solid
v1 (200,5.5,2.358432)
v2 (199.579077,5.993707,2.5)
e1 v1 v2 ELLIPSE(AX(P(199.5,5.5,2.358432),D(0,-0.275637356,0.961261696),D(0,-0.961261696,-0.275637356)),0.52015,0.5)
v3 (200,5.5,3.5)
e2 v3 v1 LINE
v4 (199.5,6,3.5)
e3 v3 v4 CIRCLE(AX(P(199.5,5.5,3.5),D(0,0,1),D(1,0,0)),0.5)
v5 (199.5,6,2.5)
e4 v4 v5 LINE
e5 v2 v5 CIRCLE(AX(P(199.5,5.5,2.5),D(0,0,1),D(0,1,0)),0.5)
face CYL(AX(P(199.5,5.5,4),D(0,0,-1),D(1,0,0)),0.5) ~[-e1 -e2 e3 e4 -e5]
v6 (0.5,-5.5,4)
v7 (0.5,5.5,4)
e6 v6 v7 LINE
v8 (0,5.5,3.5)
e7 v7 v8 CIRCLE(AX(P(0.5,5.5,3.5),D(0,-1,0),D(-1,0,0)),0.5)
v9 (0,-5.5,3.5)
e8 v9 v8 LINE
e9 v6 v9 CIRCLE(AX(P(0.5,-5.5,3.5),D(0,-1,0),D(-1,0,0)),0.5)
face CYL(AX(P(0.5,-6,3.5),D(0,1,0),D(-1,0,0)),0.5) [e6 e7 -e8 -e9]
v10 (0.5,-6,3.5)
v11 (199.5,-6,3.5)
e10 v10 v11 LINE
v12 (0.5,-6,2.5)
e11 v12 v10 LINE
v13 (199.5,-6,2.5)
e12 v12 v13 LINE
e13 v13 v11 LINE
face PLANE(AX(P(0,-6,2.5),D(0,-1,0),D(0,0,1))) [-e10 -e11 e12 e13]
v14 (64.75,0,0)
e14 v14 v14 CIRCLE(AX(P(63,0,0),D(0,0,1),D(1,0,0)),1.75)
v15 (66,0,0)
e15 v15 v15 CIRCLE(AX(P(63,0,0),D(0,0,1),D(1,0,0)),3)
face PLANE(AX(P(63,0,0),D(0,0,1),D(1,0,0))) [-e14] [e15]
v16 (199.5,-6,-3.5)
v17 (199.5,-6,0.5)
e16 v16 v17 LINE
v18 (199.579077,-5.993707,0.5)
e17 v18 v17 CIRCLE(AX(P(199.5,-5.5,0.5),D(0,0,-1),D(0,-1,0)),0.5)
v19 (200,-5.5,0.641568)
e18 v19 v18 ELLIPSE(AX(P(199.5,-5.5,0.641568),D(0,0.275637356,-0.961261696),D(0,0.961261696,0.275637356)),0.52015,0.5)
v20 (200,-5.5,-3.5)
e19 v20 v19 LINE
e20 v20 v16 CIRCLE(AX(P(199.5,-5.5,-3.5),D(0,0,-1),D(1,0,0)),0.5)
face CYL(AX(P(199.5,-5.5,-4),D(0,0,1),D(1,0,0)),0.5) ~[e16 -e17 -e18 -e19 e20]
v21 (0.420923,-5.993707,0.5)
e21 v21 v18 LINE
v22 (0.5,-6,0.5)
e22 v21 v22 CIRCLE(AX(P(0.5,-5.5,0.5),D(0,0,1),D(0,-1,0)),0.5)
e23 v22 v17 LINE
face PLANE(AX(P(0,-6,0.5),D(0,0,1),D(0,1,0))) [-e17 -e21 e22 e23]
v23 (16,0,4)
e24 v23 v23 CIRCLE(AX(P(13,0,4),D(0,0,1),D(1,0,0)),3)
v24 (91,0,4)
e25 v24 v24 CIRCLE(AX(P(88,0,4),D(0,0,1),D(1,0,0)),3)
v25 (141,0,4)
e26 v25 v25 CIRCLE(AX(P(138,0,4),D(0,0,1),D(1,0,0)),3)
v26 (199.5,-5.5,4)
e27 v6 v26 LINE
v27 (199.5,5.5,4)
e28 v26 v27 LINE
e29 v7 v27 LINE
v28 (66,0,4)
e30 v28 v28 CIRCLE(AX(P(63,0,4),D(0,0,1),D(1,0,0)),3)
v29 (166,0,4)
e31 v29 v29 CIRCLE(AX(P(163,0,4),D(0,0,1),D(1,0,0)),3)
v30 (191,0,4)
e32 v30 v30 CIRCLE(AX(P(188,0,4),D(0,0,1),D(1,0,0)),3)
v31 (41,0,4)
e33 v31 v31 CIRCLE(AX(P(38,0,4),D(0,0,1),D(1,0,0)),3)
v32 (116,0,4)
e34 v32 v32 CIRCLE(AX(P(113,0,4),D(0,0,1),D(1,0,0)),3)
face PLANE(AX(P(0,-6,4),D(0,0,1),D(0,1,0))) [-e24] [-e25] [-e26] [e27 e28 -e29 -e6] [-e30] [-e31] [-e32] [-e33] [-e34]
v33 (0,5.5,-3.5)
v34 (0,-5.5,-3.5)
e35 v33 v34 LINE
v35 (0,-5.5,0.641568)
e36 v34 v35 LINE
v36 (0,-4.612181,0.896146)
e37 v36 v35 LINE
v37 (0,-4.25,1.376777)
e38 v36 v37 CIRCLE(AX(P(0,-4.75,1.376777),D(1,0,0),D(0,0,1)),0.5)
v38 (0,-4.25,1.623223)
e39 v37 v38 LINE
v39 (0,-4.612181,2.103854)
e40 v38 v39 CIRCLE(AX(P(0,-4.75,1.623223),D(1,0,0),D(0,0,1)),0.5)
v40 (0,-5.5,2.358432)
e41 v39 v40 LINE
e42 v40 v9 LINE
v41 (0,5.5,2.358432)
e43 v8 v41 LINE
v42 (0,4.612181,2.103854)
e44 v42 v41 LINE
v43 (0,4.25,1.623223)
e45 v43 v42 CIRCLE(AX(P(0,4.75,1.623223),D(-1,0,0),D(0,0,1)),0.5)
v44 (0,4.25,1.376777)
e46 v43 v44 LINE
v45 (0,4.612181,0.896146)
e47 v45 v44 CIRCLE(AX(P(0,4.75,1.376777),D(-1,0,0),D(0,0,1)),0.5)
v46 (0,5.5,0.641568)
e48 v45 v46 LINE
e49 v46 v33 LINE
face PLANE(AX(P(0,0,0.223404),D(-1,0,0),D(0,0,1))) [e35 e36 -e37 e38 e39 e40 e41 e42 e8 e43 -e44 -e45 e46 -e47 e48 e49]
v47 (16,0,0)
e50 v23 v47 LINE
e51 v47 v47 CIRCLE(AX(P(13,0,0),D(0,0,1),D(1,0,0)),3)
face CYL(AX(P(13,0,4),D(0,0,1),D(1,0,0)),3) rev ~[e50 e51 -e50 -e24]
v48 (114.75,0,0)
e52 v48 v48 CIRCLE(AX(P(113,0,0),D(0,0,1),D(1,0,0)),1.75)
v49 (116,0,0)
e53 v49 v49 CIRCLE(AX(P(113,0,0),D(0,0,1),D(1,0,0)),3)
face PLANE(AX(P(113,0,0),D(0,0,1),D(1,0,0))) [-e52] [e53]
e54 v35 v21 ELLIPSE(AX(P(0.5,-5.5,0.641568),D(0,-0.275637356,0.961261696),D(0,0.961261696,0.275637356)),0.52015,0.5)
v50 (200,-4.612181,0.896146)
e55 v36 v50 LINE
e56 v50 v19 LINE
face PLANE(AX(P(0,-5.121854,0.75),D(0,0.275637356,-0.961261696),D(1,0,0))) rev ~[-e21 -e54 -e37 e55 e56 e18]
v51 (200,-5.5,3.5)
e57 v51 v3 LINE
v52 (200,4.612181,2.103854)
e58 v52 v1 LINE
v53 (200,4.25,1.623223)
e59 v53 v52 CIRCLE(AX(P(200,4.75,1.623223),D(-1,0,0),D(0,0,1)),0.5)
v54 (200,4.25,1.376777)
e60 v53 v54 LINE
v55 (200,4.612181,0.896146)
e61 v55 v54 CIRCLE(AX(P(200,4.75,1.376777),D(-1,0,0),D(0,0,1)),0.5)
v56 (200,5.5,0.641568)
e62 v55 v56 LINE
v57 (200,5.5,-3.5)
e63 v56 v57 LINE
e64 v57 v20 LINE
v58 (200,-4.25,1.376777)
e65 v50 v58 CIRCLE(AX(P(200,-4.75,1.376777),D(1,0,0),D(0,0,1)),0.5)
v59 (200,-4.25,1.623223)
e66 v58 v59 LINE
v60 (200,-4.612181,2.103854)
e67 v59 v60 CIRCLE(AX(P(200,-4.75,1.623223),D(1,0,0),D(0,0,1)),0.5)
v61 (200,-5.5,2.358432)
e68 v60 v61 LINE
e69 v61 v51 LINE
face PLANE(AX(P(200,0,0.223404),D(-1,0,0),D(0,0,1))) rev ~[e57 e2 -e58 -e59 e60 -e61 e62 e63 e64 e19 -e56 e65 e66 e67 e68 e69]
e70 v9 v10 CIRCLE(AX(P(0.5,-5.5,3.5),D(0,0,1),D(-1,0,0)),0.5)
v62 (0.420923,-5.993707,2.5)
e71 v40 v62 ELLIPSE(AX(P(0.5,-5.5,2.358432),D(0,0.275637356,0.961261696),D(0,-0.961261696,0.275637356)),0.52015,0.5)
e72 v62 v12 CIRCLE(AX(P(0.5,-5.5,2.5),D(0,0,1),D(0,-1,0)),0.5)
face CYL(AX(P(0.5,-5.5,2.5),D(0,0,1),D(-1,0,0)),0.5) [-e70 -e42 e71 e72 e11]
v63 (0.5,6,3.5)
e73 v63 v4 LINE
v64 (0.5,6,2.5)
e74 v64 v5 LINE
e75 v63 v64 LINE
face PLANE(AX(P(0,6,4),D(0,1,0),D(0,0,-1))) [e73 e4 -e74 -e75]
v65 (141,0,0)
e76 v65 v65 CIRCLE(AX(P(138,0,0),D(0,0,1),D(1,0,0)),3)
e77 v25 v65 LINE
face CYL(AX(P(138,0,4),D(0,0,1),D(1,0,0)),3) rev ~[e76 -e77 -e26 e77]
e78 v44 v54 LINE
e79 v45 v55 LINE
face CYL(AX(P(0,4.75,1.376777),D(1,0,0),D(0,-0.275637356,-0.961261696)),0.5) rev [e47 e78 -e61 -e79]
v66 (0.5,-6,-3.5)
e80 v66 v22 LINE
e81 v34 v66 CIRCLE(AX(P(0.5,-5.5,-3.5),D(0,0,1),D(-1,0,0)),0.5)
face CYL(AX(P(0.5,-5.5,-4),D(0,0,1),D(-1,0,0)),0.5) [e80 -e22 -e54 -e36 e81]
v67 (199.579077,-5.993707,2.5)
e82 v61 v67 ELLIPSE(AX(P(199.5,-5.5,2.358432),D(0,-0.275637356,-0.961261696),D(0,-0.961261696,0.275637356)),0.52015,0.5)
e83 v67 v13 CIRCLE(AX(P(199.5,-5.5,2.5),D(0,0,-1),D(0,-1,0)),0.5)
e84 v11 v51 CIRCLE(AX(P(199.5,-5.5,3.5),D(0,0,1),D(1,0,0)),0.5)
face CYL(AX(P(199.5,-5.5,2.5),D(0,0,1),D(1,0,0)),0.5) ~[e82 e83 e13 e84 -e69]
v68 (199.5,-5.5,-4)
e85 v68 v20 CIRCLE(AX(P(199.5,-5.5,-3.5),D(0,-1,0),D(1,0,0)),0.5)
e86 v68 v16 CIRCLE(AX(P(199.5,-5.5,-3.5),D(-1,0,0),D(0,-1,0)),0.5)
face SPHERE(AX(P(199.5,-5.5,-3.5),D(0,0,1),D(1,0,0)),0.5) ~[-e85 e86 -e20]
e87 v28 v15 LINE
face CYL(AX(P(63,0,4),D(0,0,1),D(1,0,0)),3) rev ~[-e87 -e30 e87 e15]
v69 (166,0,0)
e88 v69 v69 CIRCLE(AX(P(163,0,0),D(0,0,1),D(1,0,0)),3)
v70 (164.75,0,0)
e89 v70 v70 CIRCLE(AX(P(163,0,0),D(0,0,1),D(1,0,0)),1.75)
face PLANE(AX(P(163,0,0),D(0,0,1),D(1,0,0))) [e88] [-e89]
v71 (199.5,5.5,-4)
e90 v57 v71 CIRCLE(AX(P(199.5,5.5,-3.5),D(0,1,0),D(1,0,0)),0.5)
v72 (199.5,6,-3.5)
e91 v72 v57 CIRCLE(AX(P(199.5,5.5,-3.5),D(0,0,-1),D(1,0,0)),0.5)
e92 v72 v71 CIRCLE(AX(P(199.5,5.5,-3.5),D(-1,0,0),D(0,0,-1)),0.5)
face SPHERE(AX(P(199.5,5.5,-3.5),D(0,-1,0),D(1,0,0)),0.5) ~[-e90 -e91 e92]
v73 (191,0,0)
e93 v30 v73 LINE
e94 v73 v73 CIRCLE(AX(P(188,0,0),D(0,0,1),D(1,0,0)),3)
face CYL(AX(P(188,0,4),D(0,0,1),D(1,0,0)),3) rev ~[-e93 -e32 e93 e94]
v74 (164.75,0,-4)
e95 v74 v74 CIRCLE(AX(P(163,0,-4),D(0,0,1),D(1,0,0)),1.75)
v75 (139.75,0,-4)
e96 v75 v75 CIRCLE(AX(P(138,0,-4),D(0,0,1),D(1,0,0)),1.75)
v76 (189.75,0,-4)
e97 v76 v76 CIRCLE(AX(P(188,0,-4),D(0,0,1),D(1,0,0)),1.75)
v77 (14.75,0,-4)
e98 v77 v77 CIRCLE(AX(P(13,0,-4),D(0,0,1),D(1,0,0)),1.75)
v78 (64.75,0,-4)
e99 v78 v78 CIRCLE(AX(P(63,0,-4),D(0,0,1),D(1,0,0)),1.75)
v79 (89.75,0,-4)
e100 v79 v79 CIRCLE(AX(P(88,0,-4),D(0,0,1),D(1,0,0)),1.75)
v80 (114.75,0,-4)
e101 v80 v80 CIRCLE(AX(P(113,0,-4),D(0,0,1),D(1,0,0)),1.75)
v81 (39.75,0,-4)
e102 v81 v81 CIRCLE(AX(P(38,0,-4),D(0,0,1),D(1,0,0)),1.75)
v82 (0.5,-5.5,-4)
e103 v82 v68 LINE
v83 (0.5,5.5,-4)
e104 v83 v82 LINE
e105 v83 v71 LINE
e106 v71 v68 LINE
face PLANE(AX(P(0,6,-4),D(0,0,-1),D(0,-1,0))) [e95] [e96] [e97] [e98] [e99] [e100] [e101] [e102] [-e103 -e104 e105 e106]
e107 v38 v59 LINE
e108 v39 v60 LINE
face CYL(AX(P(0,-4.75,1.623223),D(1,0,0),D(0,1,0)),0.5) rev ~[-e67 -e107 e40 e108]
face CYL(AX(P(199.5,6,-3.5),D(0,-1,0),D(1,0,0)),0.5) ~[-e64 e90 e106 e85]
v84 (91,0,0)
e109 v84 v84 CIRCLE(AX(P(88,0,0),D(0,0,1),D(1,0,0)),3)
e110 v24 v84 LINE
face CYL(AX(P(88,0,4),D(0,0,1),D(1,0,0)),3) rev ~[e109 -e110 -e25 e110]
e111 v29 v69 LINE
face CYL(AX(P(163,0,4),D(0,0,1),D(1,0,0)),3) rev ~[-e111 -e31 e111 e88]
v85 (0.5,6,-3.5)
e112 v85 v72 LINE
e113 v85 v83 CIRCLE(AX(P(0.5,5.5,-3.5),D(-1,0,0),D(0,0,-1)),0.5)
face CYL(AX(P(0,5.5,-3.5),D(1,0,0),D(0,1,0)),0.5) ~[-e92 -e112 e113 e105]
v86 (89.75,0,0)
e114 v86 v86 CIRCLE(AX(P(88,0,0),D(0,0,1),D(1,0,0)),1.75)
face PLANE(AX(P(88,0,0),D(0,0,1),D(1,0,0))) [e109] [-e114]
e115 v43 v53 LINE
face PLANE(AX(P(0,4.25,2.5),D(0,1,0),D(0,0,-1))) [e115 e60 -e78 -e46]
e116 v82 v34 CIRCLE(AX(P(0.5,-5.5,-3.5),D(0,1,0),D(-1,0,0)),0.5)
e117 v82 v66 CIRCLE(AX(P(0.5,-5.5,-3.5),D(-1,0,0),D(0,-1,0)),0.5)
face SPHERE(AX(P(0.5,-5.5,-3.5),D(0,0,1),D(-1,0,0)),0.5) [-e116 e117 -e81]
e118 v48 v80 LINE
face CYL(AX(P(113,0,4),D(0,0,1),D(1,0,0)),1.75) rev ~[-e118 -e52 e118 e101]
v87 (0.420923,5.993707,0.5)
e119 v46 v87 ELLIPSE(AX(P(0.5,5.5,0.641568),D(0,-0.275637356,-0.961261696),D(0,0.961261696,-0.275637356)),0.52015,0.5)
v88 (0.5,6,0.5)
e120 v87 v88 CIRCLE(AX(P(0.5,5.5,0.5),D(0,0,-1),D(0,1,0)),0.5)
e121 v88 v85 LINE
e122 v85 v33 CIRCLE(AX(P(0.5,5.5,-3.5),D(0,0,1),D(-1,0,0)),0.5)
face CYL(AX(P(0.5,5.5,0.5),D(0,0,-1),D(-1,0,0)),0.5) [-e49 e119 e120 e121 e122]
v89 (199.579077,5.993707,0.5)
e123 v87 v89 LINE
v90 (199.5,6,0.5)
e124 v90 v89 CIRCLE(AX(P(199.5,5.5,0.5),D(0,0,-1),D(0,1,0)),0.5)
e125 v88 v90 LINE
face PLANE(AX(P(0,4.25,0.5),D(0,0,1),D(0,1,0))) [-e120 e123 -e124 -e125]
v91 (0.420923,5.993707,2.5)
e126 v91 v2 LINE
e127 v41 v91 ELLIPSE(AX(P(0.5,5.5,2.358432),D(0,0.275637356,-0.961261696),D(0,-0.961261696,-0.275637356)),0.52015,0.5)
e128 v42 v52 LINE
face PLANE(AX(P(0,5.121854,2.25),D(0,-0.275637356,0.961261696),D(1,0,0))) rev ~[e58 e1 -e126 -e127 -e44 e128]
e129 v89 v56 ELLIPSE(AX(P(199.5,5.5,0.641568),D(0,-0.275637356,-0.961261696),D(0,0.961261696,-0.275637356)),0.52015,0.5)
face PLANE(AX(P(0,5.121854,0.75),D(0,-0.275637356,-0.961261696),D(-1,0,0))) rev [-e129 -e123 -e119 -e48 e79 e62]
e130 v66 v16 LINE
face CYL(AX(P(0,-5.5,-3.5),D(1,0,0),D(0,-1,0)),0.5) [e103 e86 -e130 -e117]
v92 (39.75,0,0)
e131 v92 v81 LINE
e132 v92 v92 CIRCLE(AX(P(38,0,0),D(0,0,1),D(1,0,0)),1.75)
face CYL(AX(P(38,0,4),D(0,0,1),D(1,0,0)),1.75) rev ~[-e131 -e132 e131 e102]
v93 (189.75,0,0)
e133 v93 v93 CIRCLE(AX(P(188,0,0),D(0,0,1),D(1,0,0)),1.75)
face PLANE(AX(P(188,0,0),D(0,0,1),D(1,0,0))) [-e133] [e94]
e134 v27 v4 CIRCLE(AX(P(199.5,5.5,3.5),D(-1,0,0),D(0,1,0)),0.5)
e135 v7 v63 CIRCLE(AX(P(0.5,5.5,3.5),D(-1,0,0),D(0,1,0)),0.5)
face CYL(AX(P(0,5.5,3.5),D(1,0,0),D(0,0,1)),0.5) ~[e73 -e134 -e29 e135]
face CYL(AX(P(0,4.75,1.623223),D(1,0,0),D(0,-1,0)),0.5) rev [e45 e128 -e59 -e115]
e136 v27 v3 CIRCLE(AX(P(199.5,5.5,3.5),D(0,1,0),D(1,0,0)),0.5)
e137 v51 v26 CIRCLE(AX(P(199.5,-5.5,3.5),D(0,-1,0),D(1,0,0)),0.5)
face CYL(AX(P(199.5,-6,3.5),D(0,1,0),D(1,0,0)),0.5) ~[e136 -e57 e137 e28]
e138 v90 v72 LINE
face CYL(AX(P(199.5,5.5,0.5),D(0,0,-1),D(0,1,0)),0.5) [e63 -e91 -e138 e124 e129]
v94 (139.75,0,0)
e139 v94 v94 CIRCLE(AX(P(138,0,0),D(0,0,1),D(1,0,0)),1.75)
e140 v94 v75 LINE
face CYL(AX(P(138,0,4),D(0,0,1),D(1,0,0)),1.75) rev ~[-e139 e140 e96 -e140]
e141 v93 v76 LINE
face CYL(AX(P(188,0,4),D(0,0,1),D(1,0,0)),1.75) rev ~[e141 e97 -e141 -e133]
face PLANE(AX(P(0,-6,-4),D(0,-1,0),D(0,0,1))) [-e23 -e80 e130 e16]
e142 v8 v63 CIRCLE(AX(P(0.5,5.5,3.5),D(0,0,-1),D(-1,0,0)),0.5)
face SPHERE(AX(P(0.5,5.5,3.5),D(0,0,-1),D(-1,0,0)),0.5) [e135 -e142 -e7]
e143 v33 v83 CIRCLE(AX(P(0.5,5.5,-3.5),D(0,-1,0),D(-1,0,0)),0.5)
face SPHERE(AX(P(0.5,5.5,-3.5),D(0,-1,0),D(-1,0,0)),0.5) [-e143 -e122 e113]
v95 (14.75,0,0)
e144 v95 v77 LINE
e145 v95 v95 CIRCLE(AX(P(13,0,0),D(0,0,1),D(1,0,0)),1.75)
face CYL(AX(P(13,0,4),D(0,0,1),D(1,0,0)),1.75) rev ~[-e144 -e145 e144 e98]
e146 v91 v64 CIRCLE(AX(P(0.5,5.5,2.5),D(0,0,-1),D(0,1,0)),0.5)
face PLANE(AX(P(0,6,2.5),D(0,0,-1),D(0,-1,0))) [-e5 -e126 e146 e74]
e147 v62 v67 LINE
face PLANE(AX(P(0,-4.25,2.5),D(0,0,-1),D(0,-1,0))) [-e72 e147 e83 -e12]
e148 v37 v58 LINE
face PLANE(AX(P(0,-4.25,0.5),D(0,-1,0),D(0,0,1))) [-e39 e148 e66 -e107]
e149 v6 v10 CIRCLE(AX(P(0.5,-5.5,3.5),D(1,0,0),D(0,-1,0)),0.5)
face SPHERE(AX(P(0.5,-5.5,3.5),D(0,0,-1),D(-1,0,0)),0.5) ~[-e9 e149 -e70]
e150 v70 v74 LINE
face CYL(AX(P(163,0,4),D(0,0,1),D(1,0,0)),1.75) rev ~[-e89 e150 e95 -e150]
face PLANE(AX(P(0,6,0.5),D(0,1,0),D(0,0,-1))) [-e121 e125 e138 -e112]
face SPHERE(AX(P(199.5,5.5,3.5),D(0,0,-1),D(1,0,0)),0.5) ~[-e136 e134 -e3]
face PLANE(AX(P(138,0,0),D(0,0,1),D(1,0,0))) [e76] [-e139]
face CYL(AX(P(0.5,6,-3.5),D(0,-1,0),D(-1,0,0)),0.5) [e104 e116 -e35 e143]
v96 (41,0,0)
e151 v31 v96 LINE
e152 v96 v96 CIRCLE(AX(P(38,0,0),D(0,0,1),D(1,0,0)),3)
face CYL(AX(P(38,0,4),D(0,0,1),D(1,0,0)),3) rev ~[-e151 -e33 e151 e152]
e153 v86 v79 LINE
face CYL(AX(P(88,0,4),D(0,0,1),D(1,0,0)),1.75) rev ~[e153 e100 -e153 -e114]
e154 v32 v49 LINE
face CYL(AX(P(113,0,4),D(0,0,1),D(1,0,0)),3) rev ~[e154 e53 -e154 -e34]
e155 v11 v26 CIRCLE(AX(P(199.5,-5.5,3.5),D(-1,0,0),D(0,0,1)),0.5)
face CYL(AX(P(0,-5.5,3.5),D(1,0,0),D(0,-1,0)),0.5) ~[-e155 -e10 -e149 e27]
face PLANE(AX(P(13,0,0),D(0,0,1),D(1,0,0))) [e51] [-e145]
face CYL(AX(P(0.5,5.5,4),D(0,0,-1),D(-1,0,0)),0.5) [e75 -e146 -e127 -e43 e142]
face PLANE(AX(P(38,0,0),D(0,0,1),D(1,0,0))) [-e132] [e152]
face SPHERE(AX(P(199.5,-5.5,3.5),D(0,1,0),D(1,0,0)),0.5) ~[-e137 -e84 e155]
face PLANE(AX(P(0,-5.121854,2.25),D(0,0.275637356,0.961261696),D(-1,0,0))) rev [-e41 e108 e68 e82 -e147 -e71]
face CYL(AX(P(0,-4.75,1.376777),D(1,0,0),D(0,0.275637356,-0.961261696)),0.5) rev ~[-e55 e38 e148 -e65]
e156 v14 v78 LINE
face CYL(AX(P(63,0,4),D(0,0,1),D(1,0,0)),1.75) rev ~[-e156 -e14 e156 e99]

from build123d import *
from OCP.BRepFilletAPI import BRepFilletAPI_MakeChamfer

# Parameters (mm, degrees)
BOSS_EXTRUDE1_DEPTH = 200
SKETCH2_R           = 1.75
CUT_EXTRUDE1_DEPTH  = 10
SKETCH3_R           = 3
CUT_EXTRUDE2_DEPTH  = 4
CHAMFER1_SIZE       = 0.5
CHAMFER1_SIZE2      = 1.743707222
FILLET1_R           = 0.5


with BuildPart() as part:
    # Sketch1 → Boss-Extrude1 (new body)
    with BuildSketch(Plane(origin=(0, 0, 0), x_dir=(0, 0, -1), z_dir=(1, 0, 0))):
        Polygon((-0.5, 6), (4, 6), (4, -6), (-0.5, -6), (-0.5, -4.25), (-2.5, -4.25), (-2.5, -6), (-4, -6), (-4, 6), (-2.5, 6), (-2.5, 4.25), (-0.5, 4.25), align=None)
    extrude(amount=BOSS_EXTRUDE1_DEPTH)

    # Sketch2 → Cut-Extrude1 (cut)
    with BuildSketch(Plane.XY.offset(4)):
        with Locations((13, 0)):
            Circle(SKETCH2_R)
        with Locations((38, 0)):
            Circle(SKETCH2_R)
        with Locations((63, 0)):
            Circle(SKETCH2_R)
        with Locations((88, 0)):
            Circle(SKETCH2_R)
        with Locations((113, 0)):
            Circle(SKETCH2_R)
        with Locations((138, 0)):
            Circle(SKETCH2_R)
        with Locations((163, 0)):
            Circle(SKETCH2_R)
        with Locations((188, 0)):
            Circle(SKETCH2_R)
        with Locations((213, 0)):
            Circle(SKETCH2_R)
        with Locations((238, 0)):
            Circle(SKETCH2_R)
        with Locations((263, 0)):
            Circle(SKETCH2_R)
        with Locations((288, 0)):
            Circle(SKETCH2_R)
        with Locations((313, 0)):
            Circle(SKETCH2_R)
        with Locations((338, 0)):
            Circle(SKETCH2_R)
        with Locations((363, 0)):
            Circle(SKETCH2_R)
        with Locations((388, 0)):
            Circle(SKETCH2_R)
    extrude(amount=-CUT_EXTRUDE1_DEPTH, mode=Mode.SUBTRACT)

    # Sketch3 → Cut-Extrude2 (cut)
    with BuildSketch(Plane.XY.offset(4)):
        with Locations((13, 0)):
            Circle(SKETCH3_R)
        with Locations((38, 0)):
            Circle(SKETCH3_R)
        with Locations((63, 0)):
            Circle(SKETCH3_R)
        with Locations((88, 0)):
            Circle(SKETCH3_R)
        with Locations((113, 0)):
            Circle(SKETCH3_R)
        with Locations((138, 0)):
            Circle(SKETCH3_R)
        with Locations((163, 0)):
            Circle(SKETCH3_R)
        with Locations((188, 0)):
            Circle(SKETCH3_R)
        with Locations((213, 0)):
            Circle(SKETCH3_R)
        with Locations((238, 0)):
            Circle(SKETCH3_R)
        with Locations((263, 0)):
            Circle(SKETCH3_R)
        with Locations((288, 0)):
            Circle(SKETCH3_R)
        with Locations((313, 0)):
            Circle(SKETCH3_R)
        with Locations((338, 0)):
            Circle(SKETCH3_R)
        with Locations((363, 0)):
            Circle(SKETCH3_R)
        with Locations((388, 0)):
            Circle(SKETCH3_R)
    extrude(amount=-CUT_EXTRUDE2_DEPTH, mode=Mode.SUBTRACT)

    # Chamfer1: one chamfer whose edges measure the first distance from different faces: ONE call of the kernel's chamfer builder (chamfer() names one face for all edges)
    chamfer1_edges_1 = [part.edges().sort_by_distance(p)[0] for p in [
        (100, -4.25, 0.5),
        (100, -4.25, 2.5),
    ]]
    chamfer1_side_1 = [part.faces().sort_by_distance(p)[0] for p in [
        (100, -4.25, 1.5),
    ]]
    chamfer1_edges_2 = [part.edges().sort_by_distance(p)[0] for p in [
        (100, 4.25, 2.5),
        (100, 4.25, 0.5),
    ]]
    chamfer1_side_2 = [part.faces().sort_by_distance(p)[0] for p in [
        (100, 4.25, 1.5),
    ]]
    chamfer1 = BRepFilletAPI_MakeChamfer(part.part.solid().wrapped)
    for e in chamfer1_edges_1:
        chamfer1.Add(CHAMFER1_SIZE, CHAMFER1_SIZE2, e.wrapped, chamfer1_side_1[0].wrapped)  # the first distance lies on this face
    for e in chamfer1_edges_2:
        chamfer1.Add(CHAMFER1_SIZE, CHAMFER1_SIZE2, e.wrapped, chamfer1_side_2[0].wrapped)  # the first distance lies on this face
    add(Compound.cast(chamfer1.Shape()), mode=Mode.REPLACE)

    # Fillet1
    fillet1_edges = [part.edges().sort_by_distance(p)[0] for p in [
        (200, -6, -1.75),
        (200, 0, -4),
        (200, 6, -1.75),
        (200, 6, 3.25),
        (200, 0, 4),
        (200, -6, 3.25),
        (0, -6, 3.25),
        (0, -6, -1.75),
        (0, 0, -4),
        (0, 6, -1.75),
        (0, 6, 3.25),
        (0, 0, 4),
        (100, -4.25, 1),
        (100, -4.25, 2),
        (100, 4.25, 2),
        (100, 4.25, 1),
        (100, -6, 4),
        (100, 6, 4),
        (100, -6, -4),
        (100, 6, -4),
    ]]
    fillet(fillet1_edges, radius=FILLET1_R)


solid = part.part
